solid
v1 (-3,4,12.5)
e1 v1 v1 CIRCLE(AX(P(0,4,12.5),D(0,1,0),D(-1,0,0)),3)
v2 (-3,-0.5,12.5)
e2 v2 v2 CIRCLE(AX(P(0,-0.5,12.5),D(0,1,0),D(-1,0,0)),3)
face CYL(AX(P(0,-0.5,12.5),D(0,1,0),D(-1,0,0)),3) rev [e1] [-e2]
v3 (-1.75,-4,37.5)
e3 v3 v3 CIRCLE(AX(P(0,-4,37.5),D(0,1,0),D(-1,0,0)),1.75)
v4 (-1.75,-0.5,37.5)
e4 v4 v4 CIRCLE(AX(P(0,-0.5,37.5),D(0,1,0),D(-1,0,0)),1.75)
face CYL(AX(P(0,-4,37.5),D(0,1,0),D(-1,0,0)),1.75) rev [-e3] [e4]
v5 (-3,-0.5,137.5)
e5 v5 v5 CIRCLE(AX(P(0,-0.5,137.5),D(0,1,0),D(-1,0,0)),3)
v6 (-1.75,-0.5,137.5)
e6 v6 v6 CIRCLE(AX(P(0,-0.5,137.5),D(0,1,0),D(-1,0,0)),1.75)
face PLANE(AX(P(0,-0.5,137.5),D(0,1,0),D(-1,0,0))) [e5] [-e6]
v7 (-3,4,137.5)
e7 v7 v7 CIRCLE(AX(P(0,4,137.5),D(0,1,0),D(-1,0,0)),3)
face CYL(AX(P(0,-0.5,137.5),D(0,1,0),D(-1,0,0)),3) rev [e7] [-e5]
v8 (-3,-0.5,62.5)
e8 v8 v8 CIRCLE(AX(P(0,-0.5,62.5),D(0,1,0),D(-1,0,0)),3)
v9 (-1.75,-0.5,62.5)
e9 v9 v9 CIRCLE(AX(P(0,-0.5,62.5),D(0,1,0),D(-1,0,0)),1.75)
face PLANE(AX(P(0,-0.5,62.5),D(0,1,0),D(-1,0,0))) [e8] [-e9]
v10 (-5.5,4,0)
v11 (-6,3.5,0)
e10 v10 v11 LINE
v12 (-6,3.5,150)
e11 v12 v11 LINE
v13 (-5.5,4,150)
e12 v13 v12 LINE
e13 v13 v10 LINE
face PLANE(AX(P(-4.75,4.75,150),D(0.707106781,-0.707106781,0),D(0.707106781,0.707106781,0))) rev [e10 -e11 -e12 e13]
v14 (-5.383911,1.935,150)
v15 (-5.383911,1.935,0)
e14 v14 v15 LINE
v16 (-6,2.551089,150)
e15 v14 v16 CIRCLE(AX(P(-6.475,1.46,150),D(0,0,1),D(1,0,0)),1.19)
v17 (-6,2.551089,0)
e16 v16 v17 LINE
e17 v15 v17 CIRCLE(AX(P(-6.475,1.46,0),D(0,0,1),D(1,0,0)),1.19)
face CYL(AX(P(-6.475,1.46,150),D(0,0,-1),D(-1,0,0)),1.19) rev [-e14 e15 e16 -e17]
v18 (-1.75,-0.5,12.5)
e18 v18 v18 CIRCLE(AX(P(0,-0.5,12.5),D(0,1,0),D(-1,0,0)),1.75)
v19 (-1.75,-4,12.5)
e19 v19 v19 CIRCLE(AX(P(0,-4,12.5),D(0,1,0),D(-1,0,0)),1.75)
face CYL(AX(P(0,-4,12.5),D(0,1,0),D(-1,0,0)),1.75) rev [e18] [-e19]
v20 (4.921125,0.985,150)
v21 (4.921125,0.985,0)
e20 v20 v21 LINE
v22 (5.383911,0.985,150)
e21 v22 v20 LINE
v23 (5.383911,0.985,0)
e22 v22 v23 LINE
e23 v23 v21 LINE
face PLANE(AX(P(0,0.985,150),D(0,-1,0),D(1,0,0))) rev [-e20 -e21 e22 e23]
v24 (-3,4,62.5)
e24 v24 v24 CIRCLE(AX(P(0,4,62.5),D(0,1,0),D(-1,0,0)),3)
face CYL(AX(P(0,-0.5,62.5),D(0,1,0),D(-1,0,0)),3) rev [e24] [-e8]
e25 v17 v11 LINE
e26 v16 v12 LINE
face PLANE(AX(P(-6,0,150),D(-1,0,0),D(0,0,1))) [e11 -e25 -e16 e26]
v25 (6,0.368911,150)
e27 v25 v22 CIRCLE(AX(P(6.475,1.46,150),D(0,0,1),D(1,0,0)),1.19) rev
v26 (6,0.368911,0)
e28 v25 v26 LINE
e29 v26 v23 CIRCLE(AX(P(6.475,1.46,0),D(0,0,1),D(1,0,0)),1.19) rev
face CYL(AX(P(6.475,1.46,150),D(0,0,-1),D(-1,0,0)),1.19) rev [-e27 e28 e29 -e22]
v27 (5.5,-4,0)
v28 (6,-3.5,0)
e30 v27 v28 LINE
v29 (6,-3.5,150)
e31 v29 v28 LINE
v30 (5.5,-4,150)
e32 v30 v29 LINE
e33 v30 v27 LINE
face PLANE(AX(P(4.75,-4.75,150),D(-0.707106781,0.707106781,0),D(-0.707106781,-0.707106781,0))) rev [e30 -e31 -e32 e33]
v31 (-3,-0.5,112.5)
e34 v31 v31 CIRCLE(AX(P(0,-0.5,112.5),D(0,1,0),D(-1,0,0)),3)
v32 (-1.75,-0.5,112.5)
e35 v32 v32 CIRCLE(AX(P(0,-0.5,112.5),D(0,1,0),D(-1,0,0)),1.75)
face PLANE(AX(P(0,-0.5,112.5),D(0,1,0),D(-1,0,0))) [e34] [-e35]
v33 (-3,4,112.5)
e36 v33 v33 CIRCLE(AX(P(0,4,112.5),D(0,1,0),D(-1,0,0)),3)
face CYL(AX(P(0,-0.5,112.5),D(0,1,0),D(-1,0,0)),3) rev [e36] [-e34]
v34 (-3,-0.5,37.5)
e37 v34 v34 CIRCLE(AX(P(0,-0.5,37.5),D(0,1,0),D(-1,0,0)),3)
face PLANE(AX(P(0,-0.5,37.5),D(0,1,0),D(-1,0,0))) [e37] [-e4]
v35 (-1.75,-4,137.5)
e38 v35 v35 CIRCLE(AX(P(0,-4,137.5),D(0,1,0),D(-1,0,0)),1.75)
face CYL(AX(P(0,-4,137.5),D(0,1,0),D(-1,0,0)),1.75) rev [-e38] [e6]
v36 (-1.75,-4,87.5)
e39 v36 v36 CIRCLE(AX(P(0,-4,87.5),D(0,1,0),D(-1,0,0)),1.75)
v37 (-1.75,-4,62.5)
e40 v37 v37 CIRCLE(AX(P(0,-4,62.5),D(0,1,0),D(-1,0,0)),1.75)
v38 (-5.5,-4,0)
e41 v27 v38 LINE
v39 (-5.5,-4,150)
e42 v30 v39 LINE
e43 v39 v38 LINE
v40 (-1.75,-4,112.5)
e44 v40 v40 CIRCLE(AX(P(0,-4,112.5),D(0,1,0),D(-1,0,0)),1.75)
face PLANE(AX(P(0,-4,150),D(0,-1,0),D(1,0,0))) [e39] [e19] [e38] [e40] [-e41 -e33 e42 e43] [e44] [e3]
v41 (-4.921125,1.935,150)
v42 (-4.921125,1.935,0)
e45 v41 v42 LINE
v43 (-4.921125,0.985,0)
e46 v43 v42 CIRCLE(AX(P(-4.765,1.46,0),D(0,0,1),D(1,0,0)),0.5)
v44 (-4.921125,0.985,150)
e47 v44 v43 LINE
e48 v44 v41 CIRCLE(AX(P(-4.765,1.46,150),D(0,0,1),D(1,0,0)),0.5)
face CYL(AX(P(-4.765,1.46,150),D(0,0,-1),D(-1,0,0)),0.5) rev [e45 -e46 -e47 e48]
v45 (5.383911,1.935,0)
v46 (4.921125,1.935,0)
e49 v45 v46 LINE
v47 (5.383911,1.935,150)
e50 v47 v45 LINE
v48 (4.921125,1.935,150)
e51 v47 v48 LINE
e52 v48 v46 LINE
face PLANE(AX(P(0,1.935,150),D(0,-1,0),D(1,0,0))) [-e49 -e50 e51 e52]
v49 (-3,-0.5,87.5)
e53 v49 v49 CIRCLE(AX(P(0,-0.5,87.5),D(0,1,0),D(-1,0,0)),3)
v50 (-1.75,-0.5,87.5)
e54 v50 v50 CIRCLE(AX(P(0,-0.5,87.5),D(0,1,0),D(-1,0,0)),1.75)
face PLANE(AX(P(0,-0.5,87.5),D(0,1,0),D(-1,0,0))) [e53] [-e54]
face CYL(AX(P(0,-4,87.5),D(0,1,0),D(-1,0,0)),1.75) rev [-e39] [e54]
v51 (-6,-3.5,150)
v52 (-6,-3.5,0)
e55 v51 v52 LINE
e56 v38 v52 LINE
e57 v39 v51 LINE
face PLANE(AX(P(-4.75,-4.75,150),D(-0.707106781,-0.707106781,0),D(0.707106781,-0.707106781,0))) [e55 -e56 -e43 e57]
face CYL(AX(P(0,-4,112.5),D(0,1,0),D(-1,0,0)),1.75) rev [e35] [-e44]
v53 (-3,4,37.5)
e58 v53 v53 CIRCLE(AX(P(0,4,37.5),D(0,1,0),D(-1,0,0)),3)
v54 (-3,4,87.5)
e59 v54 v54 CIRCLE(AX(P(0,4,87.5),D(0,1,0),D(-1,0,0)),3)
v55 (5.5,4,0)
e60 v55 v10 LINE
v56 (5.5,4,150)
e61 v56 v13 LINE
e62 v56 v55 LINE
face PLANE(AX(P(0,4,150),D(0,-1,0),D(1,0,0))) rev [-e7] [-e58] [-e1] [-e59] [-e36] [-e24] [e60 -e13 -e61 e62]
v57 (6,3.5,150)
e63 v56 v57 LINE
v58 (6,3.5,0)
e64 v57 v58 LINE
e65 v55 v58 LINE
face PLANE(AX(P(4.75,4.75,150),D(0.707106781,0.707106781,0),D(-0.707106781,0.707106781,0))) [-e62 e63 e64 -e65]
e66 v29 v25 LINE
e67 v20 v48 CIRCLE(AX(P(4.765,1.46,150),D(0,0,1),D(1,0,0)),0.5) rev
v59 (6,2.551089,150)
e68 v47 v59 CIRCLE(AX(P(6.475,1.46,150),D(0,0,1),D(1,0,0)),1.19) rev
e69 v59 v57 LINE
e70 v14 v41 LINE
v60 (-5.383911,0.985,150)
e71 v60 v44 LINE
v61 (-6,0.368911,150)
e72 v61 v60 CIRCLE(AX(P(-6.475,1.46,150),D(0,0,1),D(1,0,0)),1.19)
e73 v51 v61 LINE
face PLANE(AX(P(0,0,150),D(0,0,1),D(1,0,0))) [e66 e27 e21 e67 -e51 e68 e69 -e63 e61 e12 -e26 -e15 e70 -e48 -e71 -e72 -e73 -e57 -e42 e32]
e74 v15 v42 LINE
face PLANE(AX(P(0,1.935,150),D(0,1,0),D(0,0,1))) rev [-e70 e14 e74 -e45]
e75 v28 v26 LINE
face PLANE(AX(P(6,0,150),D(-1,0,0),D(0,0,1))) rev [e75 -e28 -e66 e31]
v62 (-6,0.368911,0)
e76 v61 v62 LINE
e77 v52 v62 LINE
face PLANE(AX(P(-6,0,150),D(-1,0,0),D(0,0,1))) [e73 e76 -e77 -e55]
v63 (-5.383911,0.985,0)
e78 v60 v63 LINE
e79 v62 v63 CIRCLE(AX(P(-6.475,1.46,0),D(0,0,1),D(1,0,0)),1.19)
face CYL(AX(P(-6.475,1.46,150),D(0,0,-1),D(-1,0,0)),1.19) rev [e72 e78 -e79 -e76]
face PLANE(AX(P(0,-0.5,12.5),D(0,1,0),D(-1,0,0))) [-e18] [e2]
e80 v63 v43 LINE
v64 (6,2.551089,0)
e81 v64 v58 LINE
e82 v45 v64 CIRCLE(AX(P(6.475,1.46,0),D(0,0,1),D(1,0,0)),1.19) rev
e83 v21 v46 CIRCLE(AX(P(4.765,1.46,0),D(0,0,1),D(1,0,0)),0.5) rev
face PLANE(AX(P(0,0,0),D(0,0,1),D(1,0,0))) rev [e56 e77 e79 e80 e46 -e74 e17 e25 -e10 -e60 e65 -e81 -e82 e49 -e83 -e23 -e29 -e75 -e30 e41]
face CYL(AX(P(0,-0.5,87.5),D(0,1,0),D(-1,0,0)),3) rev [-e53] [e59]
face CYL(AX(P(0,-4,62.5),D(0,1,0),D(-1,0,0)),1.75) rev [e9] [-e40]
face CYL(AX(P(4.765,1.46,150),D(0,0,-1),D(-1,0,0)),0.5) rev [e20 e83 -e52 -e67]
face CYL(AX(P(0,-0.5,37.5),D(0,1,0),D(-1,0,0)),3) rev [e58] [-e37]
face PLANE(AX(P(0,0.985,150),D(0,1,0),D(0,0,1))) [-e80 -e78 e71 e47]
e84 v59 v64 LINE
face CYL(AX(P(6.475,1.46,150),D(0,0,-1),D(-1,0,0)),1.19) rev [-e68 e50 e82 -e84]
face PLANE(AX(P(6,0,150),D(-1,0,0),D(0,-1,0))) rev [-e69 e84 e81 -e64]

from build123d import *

# Parameters (mm, degrees)
BOSS_EXTRUDE1_DEPTH = 150
SKETCH2_R           = 3
CUT_EXTRUDE1_DEPTH  = 4.5
SKETCH3_R           = 1.75
CUT_EXTRUDE2_DEPTH  = 151.187382959
LPATTERN1_COUNT     = 6
LPATTERN1_PITCH     = 25


with BuildPart() as part:
    # Sketch1 → Boss-Extrude1 (new body)
    with BuildSketch(Plane.XY):
        with BuildLine():
            Line((6, -3.5), (6, 0.368911094))
            ThreePointArc((6, 0.368911094), (5.63354293, 0.61854293), (5.383911094, 0.985))
            Line((5.383911094, 0.985), (4.92112495, 0.985))
            ThreePointArc((4.92112495, 0.985), (4.265, 1.46), (4.92112495, 1.935))
            Line((4.92112495, 1.935), (5.383911094, 1.935))
            ThreePointArc((5.383911094, 1.935), (5.63354293, 2.30145707), (6, 2.551088906))
            Line((6, 2.551088906), (6, 3.5))
            Line((6, 3.5), (5.5, 4))
            Line((5.5, 4), (-5.5, 4))
            Line((-5.5, 4), (-6, 3.5))
            Line((-6, 3.5), (-6, 2.551088906))
            ThreePointArc((-6, 2.551088906), (-5.63354293, 2.30145707), (-5.383911094, 1.935))
            Line((-5.383911094, 1.935), (-4.92112495, 1.935))
            ThreePointArc((-4.92112495, 1.935), (-4.265, 1.46), (-4.92112495, 0.985))
            Line((-4.92112495, 0.985), (-5.383911094, 0.985))
            ThreePointArc((-5.383911094, 0.985), (-5.63354293, 0.61854293), (-6, 0.368911094))
            Line((-6, 0.368911094), (-6, -3.5))
            Line((-6, -3.5), (-5.5, -4))
            Line((-5.5, -4), (5.5, -4))
            Line((5.5, -4), (6, -3.5))
        make_face()
    extrude(amount=BOSS_EXTRUDE1_DEPTH)

    # Sketch2 → Cut-Extrude1 (cut)
    with BuildSketch(Plane(origin=(0, 4, 0), x_dir=(1, 0, 0), z_dir=(0, 1, 0))):
        with Locations(Location((0, -12.5, 0), (0, 0, 180))):
            Circle(SKETCH2_R)
    cut_extrude1 = extrude(amount=-CUT_EXTRUDE1_DEPTH, mode=Mode.SUBTRACT)

    # Sketch3 → Cut-Extrude2 (cut, through all)
    with BuildSketch(Plane(origin=(0, -0.5, 0), x_dir=(1, 0, 0), z_dir=(0, 1, 0))):
        with Locations(Location((0, -12.5, 0), (0, 0, 180))):
            Circle(SKETCH3_R)
    cut_extrude2 = extrude(amount=-CUT_EXTRUDE2_DEPTH, mode=Mode.SUBTRACT)

    # LPattern1: Cut-Extrude1, Cut-Extrude2 ×6
    with Locations(*[(0, 0, i * LPATTERN1_PITCH) for i in range(1, LPATTERN1_COUNT)]):
        add(cut_extrude1, mode=Mode.SUBTRACT)
        add(cut_extrude2, mode=Mode.SUBTRACT)


solid = part.part
